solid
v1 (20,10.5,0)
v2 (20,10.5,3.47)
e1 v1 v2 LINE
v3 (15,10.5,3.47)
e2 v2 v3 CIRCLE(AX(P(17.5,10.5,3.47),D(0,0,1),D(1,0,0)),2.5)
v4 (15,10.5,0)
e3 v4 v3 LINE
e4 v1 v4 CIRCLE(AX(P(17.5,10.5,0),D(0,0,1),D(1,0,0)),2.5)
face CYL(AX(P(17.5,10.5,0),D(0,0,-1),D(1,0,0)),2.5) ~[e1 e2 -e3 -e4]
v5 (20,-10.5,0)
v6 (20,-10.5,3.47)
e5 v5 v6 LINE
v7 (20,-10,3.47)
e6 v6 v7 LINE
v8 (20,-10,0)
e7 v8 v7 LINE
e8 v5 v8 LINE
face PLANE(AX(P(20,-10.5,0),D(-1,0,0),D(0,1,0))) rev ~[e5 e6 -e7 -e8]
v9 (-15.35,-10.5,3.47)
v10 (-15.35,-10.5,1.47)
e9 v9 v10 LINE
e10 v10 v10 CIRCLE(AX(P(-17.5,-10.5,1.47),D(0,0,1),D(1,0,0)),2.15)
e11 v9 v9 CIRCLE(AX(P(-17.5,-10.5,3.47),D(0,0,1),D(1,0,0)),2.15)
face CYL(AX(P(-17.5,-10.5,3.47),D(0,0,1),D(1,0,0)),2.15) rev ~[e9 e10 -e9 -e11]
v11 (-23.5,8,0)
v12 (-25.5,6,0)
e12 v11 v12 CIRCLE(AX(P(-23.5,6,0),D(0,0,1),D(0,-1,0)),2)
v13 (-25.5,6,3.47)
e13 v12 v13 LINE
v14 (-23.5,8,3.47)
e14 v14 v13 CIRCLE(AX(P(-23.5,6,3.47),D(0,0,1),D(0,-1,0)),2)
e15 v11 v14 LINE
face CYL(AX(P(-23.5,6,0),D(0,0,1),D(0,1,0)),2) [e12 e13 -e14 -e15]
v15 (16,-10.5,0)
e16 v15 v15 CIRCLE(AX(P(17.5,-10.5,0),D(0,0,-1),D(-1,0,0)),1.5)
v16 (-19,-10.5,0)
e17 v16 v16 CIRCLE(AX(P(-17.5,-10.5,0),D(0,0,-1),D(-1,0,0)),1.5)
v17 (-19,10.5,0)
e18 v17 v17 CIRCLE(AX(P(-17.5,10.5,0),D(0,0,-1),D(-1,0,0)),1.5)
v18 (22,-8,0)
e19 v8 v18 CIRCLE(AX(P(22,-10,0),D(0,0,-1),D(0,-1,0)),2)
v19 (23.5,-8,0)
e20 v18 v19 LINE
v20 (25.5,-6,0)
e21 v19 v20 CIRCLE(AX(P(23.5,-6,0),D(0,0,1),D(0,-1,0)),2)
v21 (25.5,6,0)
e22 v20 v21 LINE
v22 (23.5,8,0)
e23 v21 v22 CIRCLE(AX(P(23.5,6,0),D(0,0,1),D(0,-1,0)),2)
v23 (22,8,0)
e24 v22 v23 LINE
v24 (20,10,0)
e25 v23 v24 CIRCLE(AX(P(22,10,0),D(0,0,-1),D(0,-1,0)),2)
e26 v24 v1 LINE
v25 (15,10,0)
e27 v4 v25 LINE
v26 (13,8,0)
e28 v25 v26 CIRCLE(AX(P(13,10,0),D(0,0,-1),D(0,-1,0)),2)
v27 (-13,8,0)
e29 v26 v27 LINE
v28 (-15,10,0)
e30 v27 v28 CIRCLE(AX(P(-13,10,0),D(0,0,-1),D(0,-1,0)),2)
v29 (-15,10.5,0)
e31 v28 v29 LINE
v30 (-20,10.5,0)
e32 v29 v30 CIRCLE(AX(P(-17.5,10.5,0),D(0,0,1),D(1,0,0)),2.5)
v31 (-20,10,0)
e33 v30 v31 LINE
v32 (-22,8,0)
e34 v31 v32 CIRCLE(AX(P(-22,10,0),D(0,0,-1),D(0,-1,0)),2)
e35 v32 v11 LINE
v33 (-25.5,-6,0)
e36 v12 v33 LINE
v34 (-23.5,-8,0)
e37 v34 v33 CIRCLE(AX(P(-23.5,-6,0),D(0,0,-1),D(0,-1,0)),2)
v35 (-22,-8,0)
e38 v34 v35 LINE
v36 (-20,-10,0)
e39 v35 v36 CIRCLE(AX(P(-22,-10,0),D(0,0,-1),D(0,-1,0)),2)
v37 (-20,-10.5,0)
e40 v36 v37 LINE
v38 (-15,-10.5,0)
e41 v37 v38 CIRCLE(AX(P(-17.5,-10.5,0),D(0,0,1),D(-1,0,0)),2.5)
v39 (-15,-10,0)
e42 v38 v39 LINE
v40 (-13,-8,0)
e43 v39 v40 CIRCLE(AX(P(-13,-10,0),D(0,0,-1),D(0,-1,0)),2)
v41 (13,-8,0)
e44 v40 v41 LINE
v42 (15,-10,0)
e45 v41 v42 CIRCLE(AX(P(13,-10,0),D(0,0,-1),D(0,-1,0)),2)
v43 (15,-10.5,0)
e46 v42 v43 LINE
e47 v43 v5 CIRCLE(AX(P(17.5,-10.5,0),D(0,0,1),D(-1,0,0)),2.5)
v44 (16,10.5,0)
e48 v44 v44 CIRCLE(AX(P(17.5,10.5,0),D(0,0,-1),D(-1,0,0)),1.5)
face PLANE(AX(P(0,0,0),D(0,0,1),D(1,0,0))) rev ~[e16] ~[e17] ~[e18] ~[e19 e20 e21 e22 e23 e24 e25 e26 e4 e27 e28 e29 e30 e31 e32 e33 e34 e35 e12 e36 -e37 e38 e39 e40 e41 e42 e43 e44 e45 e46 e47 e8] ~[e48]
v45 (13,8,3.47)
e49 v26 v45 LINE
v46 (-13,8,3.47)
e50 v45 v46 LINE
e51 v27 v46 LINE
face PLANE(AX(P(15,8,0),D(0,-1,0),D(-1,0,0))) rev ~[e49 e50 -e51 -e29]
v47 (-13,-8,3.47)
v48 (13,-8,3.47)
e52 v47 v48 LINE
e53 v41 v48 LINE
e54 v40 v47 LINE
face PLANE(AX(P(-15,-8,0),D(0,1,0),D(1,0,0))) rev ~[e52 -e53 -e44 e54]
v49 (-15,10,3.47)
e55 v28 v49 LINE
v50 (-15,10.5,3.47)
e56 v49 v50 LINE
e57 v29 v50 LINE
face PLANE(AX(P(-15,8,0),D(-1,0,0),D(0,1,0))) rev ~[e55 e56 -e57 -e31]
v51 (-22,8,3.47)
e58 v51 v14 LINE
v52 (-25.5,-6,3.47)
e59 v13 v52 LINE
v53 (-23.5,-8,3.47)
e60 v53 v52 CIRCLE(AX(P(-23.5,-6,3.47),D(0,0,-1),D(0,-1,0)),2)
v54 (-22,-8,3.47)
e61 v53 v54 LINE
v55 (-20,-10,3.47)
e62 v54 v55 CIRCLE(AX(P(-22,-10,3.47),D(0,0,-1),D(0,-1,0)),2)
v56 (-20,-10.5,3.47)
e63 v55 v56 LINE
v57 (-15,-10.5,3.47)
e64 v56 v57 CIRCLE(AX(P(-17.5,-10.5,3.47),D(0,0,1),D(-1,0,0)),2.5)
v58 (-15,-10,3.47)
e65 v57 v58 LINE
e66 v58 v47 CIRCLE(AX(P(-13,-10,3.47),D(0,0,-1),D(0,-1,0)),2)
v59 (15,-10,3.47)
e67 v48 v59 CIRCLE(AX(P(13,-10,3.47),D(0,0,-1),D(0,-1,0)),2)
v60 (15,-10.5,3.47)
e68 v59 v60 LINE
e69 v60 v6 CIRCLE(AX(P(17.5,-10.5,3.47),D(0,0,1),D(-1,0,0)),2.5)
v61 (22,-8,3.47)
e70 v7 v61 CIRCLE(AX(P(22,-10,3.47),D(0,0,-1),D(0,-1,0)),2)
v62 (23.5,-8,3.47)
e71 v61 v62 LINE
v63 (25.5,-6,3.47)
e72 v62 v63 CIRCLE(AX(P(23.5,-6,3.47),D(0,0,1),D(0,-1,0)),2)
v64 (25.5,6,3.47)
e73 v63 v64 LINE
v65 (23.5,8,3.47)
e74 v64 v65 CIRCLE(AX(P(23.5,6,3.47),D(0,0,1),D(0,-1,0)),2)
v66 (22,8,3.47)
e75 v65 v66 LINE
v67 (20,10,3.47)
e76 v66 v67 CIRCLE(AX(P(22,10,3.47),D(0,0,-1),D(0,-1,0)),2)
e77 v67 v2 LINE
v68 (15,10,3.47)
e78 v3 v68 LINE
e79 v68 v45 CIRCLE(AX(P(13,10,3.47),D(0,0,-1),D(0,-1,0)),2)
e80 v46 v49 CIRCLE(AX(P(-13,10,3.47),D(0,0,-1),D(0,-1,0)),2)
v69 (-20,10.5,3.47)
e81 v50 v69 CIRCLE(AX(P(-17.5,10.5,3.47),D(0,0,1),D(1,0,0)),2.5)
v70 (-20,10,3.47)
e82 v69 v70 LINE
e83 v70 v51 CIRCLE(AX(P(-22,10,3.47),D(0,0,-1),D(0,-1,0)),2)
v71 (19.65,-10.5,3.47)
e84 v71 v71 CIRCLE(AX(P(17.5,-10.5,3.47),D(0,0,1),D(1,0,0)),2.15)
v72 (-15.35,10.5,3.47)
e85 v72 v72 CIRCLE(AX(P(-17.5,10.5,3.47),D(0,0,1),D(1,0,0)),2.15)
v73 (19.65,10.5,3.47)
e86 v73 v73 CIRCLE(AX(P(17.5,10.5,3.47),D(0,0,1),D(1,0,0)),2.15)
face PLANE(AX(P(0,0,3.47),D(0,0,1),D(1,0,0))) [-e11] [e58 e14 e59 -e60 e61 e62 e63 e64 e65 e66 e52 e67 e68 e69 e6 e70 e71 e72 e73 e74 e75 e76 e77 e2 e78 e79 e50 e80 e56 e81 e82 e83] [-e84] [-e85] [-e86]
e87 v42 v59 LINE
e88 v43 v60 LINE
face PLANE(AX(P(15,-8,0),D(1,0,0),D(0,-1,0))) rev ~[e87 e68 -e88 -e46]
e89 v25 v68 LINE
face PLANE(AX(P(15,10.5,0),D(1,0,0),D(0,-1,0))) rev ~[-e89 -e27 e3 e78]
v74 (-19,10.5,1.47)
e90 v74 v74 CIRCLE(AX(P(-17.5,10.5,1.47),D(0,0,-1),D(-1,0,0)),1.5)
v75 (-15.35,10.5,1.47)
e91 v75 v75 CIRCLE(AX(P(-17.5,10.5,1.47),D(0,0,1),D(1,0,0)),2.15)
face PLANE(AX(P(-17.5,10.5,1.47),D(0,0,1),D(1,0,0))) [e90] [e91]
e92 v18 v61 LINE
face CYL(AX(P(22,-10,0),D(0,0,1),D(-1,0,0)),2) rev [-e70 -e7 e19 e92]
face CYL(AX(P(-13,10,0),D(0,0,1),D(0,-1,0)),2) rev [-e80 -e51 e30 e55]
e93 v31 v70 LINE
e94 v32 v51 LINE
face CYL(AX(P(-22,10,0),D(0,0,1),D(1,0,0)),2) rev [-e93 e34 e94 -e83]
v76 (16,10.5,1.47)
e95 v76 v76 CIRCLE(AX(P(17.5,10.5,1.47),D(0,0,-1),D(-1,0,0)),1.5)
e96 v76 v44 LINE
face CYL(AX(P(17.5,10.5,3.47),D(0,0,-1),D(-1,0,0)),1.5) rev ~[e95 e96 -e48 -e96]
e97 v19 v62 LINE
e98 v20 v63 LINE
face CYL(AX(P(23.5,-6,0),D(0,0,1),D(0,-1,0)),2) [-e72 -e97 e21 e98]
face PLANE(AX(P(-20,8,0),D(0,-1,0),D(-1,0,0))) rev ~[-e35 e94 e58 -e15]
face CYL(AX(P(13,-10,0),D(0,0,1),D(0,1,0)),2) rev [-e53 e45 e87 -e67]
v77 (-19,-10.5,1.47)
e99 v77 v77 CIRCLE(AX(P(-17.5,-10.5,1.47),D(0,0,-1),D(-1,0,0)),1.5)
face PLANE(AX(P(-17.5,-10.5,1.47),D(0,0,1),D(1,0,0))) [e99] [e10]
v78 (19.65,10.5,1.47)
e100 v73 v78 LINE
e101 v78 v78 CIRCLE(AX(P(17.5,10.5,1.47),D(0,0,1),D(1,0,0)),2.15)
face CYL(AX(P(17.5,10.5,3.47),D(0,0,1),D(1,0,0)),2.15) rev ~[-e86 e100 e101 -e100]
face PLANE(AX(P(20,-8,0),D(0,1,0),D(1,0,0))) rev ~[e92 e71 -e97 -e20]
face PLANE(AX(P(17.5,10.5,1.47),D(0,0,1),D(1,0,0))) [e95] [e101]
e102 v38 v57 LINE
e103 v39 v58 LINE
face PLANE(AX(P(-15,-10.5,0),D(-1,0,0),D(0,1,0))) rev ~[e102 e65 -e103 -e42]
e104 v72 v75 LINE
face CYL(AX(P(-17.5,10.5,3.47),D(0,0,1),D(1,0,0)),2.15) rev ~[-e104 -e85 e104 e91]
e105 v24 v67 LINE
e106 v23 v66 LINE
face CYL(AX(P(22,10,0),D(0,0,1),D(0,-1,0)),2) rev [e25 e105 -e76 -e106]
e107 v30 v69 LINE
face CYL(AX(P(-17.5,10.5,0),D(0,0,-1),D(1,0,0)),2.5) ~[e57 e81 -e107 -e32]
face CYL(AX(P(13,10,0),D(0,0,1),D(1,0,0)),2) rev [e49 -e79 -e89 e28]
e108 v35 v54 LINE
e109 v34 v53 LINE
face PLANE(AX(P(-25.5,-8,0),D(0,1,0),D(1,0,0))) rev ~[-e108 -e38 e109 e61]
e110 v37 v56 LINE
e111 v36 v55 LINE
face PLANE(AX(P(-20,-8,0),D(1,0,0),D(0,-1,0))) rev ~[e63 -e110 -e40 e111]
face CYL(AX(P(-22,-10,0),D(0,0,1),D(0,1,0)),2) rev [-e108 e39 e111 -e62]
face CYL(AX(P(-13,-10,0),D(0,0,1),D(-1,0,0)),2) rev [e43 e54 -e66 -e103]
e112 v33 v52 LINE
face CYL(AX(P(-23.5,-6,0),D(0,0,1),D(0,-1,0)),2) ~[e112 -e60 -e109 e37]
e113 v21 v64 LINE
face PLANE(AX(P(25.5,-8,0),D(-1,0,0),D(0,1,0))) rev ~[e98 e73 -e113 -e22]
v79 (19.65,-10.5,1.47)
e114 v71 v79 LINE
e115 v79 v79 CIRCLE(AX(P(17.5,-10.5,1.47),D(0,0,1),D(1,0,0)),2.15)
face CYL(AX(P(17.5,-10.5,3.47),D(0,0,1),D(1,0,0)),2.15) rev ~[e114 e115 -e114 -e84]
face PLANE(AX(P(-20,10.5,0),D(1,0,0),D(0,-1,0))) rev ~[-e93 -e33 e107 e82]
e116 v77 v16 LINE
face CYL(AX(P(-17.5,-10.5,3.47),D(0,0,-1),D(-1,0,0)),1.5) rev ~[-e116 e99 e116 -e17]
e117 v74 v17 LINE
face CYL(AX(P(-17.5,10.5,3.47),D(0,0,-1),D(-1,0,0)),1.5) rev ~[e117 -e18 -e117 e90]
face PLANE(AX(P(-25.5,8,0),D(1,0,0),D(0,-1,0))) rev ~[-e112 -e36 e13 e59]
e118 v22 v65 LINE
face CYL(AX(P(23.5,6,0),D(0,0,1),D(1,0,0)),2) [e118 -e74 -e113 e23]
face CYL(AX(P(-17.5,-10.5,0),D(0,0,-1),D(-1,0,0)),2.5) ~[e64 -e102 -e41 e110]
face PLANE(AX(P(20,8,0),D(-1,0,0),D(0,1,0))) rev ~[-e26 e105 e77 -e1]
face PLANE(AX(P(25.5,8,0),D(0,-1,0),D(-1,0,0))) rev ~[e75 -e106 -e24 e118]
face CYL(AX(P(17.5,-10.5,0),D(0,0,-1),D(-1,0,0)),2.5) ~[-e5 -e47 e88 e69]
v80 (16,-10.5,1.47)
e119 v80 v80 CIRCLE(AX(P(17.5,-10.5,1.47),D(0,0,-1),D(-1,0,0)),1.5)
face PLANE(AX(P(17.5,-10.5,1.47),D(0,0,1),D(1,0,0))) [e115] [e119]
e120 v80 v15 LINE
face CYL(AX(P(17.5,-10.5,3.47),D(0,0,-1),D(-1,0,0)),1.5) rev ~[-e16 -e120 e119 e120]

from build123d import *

# Parameters (mm, degrees)
EXTRUDE_1_DEPTH     = 3.47
FILLET_1_R          = 2
MM_1_D              = 3
MM_1_CSINK_D        = 3.05
MM_1_CSINK_ANGLE    = 90
SKETCH_5_R          = 2.15
CUT_EXTRUDE_1_DEPTH = 2


with BuildPart() as part:
    # 草图1 → 凸台-拉伸1 (new body)
    with BuildSketch(Plane.XY):
        with BuildLine():
            Line((-25.5, -8), (-20, -8))
            Line((-20, -8), (-20, -10.5))
            ThreePointArc((-20, -10.5), (-17.5, -13), (-15, -10.5))
            Line((-15, -10.5), (-15, -8))
            Line((-15, -8), (15, -8))
            Line((15, -8), (15, -10.5))
            ThreePointArc((15, -10.5), (17.5, -13), (20, -10.5))
            Line((20, -10.5), (20, -8))
            Line((20, -8), (25.5, -8))
            Line((25.5, -8), (25.5, 8))
            Line((25.5, 8), (20, 8))
            Line((20, 8), (20, 10.5))
            ThreePointArc((20, 10.5), (17.5, 13), (15, 10.5))
            Line((15, 10.5), (15, 8))
            Line((15, 8), (-15, 8))
            Line((-15, 8), (-15, 10.5))
            ThreePointArc((-15, 10.5), (-17.5, 13), (-20, 10.5))
            Line((-20, 10.5), (-20, 8))
            Line((-20, 8), (-25.5, 8))
            Line((-25.5, 8), (-25.5, -8))
        make_face()
    extrude(amount=EXTRUDE_1_DEPTH)

    # 圆角1
    fillet_1_edges = [part.edges().sort_by_distance(p)[0] for p in [
        (25.5, 8, 1.735),
        (25.5, -8, 1.735),
        (20, -8, 1.735),
        (15, -8, 1.735),
        (-15, -8, 1.735),
        (-20, -8, 1.735),
        (-25.5, -8, 1.735),
        (-25.5, 8, 1.735),
        (-20, 8, 1.735),
        (-15, 8, 1.735),
        (15, 8, 1.735),
        (20, 8, 1.735),
    ]]
    fillet(fillet_1_edges, radius=FILLET_1_R)

    # 大小mm 暗销孔1 (through all)
    with Locations(Plane.XY.offset(3.47)):
        with Locations((-17.5, 10.5), (-17.5, -10.5), (17.5, -10.5), (17.5, 10.5)):
            CounterSinkHole(MM_1_D / 2, MM_1_CSINK_D / 2, counter_sink_angle=MM_1_CSINK_ANGLE)

    # 草图5 → 切除-拉伸1 (cut)
    with BuildSketch(Plane.XY.offset(3.47)):
        with Locations((-17.5, 10.5)):
            Circle(SKETCH_5_R)
        with Locations((17.5, 10.5)):
            Circle(SKETCH_5_R)
        with Locations((-17.5, -10.5)):
            Circle(SKETCH_5_R)
        with Locations((17.5, -10.5)):
            Circle(SKETCH_5_R)
    extrude(amount=-CUT_EXTRUDE_1_DEPTH, mode=Mode.SUBTRACT)


solid = part.part
